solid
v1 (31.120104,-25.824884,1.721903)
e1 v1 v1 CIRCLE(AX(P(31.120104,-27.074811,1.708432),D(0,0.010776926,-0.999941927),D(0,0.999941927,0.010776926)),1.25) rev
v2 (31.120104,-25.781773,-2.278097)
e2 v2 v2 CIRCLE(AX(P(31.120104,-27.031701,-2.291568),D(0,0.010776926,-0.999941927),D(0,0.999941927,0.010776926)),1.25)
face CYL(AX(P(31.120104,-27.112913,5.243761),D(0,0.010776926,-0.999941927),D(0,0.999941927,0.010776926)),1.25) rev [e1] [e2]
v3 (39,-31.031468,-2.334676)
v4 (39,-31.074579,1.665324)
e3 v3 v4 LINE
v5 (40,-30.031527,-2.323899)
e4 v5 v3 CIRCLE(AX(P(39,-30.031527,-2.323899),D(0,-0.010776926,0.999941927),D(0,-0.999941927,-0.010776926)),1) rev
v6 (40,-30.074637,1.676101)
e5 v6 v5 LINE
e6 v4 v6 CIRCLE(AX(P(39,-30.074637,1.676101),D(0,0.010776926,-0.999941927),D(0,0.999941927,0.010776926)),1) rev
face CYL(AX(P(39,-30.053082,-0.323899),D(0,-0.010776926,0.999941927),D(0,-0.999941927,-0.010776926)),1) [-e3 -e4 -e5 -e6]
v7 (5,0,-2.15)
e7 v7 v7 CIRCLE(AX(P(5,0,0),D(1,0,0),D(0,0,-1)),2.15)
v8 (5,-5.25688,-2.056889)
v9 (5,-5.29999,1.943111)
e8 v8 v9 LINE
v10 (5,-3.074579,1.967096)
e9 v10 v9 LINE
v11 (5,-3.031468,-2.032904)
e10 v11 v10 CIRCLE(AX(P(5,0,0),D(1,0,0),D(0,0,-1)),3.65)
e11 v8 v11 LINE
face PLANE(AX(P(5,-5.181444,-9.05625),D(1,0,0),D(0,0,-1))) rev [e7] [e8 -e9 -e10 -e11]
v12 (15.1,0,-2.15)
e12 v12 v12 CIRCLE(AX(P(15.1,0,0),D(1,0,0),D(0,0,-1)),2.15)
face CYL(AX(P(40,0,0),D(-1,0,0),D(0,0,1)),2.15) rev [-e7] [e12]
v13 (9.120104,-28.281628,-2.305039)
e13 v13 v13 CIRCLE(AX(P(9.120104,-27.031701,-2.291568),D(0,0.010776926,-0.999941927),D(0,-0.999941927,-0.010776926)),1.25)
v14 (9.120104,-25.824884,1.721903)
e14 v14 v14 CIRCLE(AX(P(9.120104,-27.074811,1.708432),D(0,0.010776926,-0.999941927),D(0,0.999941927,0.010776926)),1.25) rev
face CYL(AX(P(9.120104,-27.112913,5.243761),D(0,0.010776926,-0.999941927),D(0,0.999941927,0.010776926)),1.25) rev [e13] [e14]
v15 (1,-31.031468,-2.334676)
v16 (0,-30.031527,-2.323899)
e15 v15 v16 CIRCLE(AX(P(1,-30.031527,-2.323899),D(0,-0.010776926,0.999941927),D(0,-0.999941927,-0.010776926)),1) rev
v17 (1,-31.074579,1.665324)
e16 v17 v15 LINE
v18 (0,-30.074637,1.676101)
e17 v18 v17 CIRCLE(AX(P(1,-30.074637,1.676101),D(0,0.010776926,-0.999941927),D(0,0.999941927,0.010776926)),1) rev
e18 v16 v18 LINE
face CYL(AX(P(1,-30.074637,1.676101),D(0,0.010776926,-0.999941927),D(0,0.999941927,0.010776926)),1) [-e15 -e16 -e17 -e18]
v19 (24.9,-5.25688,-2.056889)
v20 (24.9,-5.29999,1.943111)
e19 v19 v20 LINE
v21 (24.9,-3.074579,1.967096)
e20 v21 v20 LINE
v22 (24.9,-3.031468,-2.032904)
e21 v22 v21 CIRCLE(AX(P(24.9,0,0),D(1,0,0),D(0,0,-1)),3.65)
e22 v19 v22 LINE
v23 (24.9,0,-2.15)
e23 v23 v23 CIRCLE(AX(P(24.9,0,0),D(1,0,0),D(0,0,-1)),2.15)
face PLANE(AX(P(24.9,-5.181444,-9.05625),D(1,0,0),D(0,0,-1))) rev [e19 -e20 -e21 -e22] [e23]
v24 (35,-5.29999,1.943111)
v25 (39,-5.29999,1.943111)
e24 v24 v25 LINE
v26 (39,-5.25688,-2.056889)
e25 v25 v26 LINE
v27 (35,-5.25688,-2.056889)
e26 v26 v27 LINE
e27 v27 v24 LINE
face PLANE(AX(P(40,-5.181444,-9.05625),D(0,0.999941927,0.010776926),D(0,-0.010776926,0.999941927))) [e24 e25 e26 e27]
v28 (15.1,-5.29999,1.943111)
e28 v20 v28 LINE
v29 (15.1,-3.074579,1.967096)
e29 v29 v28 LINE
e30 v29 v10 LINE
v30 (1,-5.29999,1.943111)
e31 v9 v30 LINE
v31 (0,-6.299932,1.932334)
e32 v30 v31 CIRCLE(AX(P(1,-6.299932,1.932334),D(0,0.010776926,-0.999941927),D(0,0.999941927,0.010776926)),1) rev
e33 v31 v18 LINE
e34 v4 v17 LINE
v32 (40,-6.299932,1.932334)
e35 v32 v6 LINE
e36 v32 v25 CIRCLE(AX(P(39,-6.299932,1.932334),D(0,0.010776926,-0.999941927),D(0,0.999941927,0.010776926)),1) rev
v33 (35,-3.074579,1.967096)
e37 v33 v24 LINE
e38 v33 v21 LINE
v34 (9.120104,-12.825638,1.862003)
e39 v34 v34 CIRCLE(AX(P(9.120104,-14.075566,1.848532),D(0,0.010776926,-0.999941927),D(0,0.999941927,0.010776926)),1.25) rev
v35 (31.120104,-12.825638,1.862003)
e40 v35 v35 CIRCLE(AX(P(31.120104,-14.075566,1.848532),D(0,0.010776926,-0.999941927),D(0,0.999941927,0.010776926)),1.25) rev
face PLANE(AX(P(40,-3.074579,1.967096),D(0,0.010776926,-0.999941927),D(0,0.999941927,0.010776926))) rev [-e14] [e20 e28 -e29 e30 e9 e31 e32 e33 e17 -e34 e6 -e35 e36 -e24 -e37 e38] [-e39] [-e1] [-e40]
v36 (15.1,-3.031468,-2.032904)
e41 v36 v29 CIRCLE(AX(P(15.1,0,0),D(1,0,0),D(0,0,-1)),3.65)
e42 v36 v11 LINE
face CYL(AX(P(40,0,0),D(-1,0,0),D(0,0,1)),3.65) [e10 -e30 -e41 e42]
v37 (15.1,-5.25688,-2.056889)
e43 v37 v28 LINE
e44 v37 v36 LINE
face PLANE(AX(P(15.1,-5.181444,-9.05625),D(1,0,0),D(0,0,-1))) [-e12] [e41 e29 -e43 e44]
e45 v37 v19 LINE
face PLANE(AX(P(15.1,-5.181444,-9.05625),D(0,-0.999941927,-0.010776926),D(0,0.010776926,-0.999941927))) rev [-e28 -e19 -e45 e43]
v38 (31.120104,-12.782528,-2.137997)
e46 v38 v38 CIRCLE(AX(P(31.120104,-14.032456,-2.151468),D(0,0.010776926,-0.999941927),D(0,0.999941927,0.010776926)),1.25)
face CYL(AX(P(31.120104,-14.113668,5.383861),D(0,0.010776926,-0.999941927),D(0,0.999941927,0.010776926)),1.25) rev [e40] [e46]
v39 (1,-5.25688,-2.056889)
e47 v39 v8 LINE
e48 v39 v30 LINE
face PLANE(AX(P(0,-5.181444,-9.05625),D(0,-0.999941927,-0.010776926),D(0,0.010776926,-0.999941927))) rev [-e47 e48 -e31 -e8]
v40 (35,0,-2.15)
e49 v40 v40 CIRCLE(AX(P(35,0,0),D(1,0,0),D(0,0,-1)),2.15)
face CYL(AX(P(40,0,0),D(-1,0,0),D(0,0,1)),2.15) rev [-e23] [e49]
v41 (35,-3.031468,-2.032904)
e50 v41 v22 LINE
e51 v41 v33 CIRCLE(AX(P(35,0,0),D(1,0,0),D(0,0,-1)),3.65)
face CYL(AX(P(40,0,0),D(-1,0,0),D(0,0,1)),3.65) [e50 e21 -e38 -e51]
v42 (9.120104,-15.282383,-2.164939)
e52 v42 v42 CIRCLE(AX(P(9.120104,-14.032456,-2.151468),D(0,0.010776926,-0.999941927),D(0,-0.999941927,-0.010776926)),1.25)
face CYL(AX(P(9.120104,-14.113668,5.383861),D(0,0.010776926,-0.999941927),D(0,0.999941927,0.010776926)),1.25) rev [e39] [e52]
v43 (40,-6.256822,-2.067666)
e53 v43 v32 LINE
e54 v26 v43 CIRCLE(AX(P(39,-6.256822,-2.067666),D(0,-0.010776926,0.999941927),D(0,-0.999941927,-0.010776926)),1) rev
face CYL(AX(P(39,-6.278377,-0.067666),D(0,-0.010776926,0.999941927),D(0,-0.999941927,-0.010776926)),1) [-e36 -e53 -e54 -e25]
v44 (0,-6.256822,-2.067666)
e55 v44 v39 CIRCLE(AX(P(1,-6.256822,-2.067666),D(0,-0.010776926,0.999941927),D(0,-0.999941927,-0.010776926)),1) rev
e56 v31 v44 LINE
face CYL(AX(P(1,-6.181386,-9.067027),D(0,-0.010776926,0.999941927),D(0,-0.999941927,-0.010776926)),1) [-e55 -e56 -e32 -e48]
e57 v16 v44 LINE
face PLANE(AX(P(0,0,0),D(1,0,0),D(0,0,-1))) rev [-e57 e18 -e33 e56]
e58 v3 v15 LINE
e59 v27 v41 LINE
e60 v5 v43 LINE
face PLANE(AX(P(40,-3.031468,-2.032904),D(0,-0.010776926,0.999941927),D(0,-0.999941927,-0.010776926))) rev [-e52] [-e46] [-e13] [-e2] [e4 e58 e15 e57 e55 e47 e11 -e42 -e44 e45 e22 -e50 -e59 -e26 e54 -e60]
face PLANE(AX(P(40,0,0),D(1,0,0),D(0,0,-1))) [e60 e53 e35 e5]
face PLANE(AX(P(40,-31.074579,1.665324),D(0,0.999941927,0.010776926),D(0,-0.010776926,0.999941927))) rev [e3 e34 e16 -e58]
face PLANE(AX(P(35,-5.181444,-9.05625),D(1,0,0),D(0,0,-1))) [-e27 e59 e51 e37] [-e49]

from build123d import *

# Parameters (mm, degrees)
SKETCH_1_R          = 2.15
EXTRUDE_1_DEPTH     = 40
SKETCH_3_R          = 1.25
CUT_EXTRUDE_2_DEPTH = 4.000232305
SKETCH_2_W          = 5
SKETCH_2_H          = 10
SKETCH_2_W_2        = 9.8
CUT_EXTRUDE_3_DEPTH = 11
FILLET_1_R          = 1


with BuildPart() as part:
    # 草图1 → 凸台-拉伸1 (new body)
    with BuildSketch(Plane(origin=(0, 0, 0), x_dir=(0, 0, -1), z_dir=(1, 0, 0))):
        with BuildLine():
            Line((-1.96709588, -3.074578638), (-1.665324422, -31.074578638))
            Line((-1.665324422, -31.074578638), (2.334675578, -31.031468429))
            Line((2.334675578, -31.031468429), (2.03290412, -3.031468429))
            ThreePointArc((2.03290412, -3.031468429), (-0.039335781, 3.649788034), (-1.96709588, -3.074578638))
        make_face()
        Circle(SKETCH_1_R, mode=Mode.SUBTRACT)
    extrude(amount=EXTRUDE_1_DEPTH)

    # 草图3 → 切除-拉伸2 (cut)
    with BuildSketch(Plane(origin=(0, 0.021555104, -2), x_dir=(-1, 0, 0), z_dir=(0, 0.010776926175386807, -0.9999419272448828))):
        with Locations(Location((-31.120103863, -27.054826973, 0), (0, 0, 90))):
            Circle(SKETCH_3_R)
        with Locations(Location((-31.120103863, -14.054826973, 0), (0, 0, 90))):
            Circle(SKETCH_3_R)
        with Locations(Location((-9.120103863, -27.054826973, 0), (0, 0, 90))):
            Circle(SKETCH_3_R)
        with Locations(Location((-9.120103863, -14.054826973, 0), (0, 0, 90))):
            Circle(SKETCH_3_R)
    extrude(amount=-CUT_EXTRUDE_2_DEPTH, mode=Mode.SUBTRACT)

    # 草图2 → 切除-拉伸3 (cut, symmetric)
    with BuildSketch(Plane(origin=(0, -0.021555104, 2), x_dir=(1, 0, 0), z_dir=(0, -0.010776926175386815, 0.9999419272448828))):
        with Locations((2.5, -0.278741266)):
            Rectangle(SKETCH_2_W, SKETCH_2_H)
        with Locations((20, -0.278741266)):
            Rectangle(SKETCH_2_W_2, SKETCH_2_H)
        with Locations((37.5, -0.278741266)):
            Rectangle(SKETCH_2_W, SKETCH_2_H)
    extrude(amount=CUT_EXTRUDE_3_DEPTH, both=True, mode=Mode.SUBTRACT)

    # 圆角1
    fillet_1_edges = [part.edges().sort_by_distance(p)[0] for p in [
        (40, -31.053023534, -0.334675578),
        (0, -5.278434715, -0.056888605),
        (0, -31.053023534, -0.334675578),
        (40, -5.278434715, -0.056888605),
    ]]
    fillet(fillet_1_edges, radius=FILLET_1_R)


solid = part.part
